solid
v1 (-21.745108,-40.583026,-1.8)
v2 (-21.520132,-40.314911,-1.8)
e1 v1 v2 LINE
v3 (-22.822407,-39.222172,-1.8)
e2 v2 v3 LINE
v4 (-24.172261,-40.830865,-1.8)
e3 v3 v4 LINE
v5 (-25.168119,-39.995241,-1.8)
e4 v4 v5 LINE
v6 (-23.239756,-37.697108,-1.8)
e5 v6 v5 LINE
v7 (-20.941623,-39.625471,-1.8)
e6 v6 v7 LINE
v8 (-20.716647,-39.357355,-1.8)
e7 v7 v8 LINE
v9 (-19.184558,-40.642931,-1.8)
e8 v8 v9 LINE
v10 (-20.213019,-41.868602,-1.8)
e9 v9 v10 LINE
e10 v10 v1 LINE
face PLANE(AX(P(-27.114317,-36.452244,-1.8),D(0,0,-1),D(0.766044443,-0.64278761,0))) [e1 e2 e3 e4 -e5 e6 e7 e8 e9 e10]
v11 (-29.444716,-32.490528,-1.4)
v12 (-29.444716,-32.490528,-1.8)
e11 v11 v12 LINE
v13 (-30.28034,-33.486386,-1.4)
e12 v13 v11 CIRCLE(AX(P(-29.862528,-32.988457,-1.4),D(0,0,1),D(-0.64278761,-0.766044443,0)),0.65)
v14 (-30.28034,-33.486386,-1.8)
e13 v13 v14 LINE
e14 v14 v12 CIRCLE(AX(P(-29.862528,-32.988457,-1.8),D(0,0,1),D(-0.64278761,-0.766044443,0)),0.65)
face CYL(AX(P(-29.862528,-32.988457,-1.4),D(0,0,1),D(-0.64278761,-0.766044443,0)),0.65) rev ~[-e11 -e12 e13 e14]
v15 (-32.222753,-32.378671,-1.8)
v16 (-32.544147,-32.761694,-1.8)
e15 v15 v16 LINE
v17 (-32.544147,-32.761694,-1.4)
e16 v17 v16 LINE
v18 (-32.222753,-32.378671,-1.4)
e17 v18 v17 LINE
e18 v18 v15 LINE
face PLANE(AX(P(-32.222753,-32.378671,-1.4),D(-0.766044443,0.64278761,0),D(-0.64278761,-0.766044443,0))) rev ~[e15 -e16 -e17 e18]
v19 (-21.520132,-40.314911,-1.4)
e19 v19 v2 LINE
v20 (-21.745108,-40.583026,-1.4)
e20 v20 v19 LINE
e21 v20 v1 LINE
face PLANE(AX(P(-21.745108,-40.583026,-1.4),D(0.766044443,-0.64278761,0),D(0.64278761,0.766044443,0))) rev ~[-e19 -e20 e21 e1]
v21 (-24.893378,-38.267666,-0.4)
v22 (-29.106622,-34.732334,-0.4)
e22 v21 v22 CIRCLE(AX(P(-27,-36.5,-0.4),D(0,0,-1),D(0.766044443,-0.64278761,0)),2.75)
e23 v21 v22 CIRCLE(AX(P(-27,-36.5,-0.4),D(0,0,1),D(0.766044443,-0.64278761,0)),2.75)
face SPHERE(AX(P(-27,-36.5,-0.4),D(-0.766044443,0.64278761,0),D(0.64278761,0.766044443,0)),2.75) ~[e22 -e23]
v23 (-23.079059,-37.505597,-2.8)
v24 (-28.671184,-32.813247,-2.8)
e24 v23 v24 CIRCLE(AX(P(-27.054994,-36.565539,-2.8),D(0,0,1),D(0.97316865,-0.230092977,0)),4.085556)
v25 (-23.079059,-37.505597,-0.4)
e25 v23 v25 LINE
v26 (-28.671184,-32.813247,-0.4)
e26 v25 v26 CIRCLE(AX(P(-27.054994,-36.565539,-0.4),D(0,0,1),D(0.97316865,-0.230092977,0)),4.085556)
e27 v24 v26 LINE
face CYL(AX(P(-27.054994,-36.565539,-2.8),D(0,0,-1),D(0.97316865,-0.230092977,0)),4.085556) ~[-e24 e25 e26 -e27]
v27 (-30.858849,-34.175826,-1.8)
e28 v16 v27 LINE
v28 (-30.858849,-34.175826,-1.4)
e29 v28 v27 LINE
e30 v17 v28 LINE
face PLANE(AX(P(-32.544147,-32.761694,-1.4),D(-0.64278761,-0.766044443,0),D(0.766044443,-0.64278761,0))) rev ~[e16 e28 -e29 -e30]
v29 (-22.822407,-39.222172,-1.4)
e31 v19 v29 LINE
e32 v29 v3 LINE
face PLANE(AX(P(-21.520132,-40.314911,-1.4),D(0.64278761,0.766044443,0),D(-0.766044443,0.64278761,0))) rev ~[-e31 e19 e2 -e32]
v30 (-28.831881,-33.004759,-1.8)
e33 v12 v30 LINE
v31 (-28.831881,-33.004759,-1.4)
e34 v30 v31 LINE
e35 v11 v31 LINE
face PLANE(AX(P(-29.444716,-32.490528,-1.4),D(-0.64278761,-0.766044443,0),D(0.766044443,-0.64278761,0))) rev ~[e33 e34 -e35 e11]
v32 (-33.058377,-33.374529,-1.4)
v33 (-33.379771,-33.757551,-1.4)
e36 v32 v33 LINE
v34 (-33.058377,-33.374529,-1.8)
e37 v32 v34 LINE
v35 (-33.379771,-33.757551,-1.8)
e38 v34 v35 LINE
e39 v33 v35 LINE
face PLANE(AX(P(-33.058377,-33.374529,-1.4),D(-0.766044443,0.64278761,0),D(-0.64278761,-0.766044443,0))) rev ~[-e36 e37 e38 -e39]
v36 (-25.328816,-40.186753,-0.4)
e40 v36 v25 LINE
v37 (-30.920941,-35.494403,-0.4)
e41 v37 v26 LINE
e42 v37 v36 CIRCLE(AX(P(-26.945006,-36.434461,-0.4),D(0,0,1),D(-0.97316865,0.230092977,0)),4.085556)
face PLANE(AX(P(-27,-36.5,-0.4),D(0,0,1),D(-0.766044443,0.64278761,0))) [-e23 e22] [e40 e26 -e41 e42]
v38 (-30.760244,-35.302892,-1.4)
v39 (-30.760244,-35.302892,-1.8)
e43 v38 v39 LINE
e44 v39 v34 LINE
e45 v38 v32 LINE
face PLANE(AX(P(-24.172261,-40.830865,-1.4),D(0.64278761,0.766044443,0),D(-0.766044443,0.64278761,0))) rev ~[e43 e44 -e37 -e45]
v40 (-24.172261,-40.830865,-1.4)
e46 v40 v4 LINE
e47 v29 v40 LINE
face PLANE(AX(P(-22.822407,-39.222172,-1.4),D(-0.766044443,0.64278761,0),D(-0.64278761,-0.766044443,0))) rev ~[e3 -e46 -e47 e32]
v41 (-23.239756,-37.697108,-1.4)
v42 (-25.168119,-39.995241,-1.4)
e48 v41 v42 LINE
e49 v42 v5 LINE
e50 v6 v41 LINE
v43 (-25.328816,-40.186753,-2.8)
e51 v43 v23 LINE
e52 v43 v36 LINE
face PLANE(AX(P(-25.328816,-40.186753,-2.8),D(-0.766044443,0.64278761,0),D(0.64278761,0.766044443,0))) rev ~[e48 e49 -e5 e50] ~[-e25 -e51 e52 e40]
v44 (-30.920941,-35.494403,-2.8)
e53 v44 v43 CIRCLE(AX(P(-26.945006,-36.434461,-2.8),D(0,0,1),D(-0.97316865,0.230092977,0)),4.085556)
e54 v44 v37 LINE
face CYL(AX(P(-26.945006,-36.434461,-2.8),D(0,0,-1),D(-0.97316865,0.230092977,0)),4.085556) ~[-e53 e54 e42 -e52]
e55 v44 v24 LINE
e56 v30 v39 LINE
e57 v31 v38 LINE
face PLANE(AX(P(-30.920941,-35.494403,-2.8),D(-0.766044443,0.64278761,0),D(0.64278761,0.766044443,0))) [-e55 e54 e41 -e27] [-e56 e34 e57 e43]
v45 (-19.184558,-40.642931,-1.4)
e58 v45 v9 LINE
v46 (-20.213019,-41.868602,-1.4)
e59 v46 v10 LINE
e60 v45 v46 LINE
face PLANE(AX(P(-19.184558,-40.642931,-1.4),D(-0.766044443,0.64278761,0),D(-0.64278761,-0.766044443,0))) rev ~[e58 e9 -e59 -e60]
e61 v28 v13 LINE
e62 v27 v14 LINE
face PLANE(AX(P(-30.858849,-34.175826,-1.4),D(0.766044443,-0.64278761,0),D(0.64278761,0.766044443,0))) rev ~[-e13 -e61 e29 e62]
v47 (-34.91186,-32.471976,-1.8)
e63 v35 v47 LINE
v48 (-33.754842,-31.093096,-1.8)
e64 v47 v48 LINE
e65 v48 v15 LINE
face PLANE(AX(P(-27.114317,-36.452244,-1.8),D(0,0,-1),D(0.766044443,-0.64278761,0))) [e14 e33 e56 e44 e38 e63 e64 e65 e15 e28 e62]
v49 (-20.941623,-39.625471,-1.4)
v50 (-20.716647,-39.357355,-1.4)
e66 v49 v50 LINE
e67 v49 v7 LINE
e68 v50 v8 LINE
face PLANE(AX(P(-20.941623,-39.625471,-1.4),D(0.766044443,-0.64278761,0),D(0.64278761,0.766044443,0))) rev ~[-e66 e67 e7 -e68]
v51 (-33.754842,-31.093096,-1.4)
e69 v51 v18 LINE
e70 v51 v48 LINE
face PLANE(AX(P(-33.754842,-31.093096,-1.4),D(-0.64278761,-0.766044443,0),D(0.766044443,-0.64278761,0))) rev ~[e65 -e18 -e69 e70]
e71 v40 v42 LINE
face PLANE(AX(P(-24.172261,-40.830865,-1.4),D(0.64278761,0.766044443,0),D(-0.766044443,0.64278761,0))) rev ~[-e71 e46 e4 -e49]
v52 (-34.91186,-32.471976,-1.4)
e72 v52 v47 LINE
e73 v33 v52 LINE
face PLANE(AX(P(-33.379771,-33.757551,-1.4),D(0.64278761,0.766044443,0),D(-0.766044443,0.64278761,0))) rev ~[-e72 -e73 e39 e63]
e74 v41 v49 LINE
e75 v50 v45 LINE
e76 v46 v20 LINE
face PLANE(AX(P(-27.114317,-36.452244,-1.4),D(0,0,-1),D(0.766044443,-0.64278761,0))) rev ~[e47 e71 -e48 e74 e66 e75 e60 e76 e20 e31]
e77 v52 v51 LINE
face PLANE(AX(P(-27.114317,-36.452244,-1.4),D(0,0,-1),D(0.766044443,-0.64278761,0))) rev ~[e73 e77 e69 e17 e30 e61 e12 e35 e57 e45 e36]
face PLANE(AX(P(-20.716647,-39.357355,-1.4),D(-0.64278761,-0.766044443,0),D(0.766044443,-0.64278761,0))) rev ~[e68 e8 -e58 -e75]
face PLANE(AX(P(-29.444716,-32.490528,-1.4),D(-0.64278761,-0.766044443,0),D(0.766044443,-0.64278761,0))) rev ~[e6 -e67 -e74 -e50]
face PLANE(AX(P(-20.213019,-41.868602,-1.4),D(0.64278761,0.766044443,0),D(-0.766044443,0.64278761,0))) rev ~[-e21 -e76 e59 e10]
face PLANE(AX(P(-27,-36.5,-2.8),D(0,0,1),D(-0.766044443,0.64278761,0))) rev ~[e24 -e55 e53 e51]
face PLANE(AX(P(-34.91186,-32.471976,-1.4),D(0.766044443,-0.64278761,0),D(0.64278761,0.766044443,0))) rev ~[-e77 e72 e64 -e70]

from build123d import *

# Parameters (mm, degrees)
REVOLUTION002_ANGLE       = -180
PAD017_DEPTH              = 0.4
BODY015_PLACEMENT_ANGLE   = 180
PAD016_DEPTH              = 2.4
FUSION003_PLACEMENT_ANGLE = 140


with BuildPart() as light002:
    # Sketch027 (on Face1 of ShapeBinder005) → Revolution002 (revolve)
    with BuildSketch(Plane.XY.offset(2.4)):
        with BuildLine():
            ThreePointArc((-2.75, 0), (0, -2.75), (2.75, 0))
            Line((-2.75, 0), (2.75, 0))
        make_face()
    revolve(axis=Axis((-2.75, 0, 2.4), (1, 0, 0)), revolution_arc=REVOLUTION002_ANGLE)


with BuildPart() as body015:
    # Sketch028 (on Face1 of ShapeBinder006) → Pad017 (new body)
    with BuildSketch(Plane(origin=(0, 0, 0), x_dir=(1, 0, 0), z_dir=(0, 0, -1))):
        with BuildLine():
            Line((3.65, 1.5), (6.65, 1.5))
            Line((6.65, 1.5), (6.65, 2))
            Line((6.65, 2), (8.65, 2))
            Line((8.65, 2), (8.65, 0.2))
            Line((8.65, 0.2), (6.65, 0.2))
            Line((6.65, 0.2), (6.65, 0.7))
            Line((6.65, 0.7), (4.45, 0.7))
            Line((4.45, 0.7), (4.45, -0.2))
            ThreePointArc((4.45, -0.2), (3.8, -0.85), (4.45, -1.5))
            Line((4.45, -1.5), (-6.65, -1.5))
            Line((-6.65, -1.5), (-6.65, -1.85))
            Line((-6.65, -1.85), (-8.65, -1.85))
            Line((-8.65, -1.85), (-8.65, -0.25))
            Line((-8.65, -0.25), (-6.65, -0.25))
            Line((-6.65, -0.25), (-6.65, -0.6))
            Line((-6.65, -0.6), (-4.95, -0.6))
            Line((-4.95, -0.6), (-4.95, 1.5))
            Line((-4.95, 1.5), (3.65, 1.5))
        make_face()
    extrude(amount=-PAD017_DEPTH)


with BuildPart() as body015_1:
    # Body015 placement: moved
    add(body015.part.moved(Location((0, 0, 1.4))).rotate(Axis((0, 0, 1.4), (1, 0, 0)), BODY015_PLACEMENT_ANGLE))


with BuildPart() as led3:
    # Sketch026 → Pad016 (new body)
    with BuildSketch(Plane.XY):
        with BuildLine():
            Line((-3.65, 1.75), (-3.65, -1.75))
            ThreePointArc((-3.65, -1.75), (0, -4), (3.65, -1.75))
            Line((3.65, 1.75), (3.65, -1.75))
            ThreePointArc((3.65, 1.75), (0, 4), (-3.65, 1.75))
        make_face()
    extrude(amount=PAD016_DEPTH)

    # Fusion003: union light002, Body015
    add(light002.part)
    add(body015_1.part)


with BuildPart() as led3_1:
    # Fusion003 placement: moved
    add(led3.part.moved(Location((-27, -36.5, -2.8))).rotate(Axis((-27, -36.5, -2.8), (0, 0, 1)), FUSION003_PLACEMENT_ANGLE))


solid = led3_1.part
